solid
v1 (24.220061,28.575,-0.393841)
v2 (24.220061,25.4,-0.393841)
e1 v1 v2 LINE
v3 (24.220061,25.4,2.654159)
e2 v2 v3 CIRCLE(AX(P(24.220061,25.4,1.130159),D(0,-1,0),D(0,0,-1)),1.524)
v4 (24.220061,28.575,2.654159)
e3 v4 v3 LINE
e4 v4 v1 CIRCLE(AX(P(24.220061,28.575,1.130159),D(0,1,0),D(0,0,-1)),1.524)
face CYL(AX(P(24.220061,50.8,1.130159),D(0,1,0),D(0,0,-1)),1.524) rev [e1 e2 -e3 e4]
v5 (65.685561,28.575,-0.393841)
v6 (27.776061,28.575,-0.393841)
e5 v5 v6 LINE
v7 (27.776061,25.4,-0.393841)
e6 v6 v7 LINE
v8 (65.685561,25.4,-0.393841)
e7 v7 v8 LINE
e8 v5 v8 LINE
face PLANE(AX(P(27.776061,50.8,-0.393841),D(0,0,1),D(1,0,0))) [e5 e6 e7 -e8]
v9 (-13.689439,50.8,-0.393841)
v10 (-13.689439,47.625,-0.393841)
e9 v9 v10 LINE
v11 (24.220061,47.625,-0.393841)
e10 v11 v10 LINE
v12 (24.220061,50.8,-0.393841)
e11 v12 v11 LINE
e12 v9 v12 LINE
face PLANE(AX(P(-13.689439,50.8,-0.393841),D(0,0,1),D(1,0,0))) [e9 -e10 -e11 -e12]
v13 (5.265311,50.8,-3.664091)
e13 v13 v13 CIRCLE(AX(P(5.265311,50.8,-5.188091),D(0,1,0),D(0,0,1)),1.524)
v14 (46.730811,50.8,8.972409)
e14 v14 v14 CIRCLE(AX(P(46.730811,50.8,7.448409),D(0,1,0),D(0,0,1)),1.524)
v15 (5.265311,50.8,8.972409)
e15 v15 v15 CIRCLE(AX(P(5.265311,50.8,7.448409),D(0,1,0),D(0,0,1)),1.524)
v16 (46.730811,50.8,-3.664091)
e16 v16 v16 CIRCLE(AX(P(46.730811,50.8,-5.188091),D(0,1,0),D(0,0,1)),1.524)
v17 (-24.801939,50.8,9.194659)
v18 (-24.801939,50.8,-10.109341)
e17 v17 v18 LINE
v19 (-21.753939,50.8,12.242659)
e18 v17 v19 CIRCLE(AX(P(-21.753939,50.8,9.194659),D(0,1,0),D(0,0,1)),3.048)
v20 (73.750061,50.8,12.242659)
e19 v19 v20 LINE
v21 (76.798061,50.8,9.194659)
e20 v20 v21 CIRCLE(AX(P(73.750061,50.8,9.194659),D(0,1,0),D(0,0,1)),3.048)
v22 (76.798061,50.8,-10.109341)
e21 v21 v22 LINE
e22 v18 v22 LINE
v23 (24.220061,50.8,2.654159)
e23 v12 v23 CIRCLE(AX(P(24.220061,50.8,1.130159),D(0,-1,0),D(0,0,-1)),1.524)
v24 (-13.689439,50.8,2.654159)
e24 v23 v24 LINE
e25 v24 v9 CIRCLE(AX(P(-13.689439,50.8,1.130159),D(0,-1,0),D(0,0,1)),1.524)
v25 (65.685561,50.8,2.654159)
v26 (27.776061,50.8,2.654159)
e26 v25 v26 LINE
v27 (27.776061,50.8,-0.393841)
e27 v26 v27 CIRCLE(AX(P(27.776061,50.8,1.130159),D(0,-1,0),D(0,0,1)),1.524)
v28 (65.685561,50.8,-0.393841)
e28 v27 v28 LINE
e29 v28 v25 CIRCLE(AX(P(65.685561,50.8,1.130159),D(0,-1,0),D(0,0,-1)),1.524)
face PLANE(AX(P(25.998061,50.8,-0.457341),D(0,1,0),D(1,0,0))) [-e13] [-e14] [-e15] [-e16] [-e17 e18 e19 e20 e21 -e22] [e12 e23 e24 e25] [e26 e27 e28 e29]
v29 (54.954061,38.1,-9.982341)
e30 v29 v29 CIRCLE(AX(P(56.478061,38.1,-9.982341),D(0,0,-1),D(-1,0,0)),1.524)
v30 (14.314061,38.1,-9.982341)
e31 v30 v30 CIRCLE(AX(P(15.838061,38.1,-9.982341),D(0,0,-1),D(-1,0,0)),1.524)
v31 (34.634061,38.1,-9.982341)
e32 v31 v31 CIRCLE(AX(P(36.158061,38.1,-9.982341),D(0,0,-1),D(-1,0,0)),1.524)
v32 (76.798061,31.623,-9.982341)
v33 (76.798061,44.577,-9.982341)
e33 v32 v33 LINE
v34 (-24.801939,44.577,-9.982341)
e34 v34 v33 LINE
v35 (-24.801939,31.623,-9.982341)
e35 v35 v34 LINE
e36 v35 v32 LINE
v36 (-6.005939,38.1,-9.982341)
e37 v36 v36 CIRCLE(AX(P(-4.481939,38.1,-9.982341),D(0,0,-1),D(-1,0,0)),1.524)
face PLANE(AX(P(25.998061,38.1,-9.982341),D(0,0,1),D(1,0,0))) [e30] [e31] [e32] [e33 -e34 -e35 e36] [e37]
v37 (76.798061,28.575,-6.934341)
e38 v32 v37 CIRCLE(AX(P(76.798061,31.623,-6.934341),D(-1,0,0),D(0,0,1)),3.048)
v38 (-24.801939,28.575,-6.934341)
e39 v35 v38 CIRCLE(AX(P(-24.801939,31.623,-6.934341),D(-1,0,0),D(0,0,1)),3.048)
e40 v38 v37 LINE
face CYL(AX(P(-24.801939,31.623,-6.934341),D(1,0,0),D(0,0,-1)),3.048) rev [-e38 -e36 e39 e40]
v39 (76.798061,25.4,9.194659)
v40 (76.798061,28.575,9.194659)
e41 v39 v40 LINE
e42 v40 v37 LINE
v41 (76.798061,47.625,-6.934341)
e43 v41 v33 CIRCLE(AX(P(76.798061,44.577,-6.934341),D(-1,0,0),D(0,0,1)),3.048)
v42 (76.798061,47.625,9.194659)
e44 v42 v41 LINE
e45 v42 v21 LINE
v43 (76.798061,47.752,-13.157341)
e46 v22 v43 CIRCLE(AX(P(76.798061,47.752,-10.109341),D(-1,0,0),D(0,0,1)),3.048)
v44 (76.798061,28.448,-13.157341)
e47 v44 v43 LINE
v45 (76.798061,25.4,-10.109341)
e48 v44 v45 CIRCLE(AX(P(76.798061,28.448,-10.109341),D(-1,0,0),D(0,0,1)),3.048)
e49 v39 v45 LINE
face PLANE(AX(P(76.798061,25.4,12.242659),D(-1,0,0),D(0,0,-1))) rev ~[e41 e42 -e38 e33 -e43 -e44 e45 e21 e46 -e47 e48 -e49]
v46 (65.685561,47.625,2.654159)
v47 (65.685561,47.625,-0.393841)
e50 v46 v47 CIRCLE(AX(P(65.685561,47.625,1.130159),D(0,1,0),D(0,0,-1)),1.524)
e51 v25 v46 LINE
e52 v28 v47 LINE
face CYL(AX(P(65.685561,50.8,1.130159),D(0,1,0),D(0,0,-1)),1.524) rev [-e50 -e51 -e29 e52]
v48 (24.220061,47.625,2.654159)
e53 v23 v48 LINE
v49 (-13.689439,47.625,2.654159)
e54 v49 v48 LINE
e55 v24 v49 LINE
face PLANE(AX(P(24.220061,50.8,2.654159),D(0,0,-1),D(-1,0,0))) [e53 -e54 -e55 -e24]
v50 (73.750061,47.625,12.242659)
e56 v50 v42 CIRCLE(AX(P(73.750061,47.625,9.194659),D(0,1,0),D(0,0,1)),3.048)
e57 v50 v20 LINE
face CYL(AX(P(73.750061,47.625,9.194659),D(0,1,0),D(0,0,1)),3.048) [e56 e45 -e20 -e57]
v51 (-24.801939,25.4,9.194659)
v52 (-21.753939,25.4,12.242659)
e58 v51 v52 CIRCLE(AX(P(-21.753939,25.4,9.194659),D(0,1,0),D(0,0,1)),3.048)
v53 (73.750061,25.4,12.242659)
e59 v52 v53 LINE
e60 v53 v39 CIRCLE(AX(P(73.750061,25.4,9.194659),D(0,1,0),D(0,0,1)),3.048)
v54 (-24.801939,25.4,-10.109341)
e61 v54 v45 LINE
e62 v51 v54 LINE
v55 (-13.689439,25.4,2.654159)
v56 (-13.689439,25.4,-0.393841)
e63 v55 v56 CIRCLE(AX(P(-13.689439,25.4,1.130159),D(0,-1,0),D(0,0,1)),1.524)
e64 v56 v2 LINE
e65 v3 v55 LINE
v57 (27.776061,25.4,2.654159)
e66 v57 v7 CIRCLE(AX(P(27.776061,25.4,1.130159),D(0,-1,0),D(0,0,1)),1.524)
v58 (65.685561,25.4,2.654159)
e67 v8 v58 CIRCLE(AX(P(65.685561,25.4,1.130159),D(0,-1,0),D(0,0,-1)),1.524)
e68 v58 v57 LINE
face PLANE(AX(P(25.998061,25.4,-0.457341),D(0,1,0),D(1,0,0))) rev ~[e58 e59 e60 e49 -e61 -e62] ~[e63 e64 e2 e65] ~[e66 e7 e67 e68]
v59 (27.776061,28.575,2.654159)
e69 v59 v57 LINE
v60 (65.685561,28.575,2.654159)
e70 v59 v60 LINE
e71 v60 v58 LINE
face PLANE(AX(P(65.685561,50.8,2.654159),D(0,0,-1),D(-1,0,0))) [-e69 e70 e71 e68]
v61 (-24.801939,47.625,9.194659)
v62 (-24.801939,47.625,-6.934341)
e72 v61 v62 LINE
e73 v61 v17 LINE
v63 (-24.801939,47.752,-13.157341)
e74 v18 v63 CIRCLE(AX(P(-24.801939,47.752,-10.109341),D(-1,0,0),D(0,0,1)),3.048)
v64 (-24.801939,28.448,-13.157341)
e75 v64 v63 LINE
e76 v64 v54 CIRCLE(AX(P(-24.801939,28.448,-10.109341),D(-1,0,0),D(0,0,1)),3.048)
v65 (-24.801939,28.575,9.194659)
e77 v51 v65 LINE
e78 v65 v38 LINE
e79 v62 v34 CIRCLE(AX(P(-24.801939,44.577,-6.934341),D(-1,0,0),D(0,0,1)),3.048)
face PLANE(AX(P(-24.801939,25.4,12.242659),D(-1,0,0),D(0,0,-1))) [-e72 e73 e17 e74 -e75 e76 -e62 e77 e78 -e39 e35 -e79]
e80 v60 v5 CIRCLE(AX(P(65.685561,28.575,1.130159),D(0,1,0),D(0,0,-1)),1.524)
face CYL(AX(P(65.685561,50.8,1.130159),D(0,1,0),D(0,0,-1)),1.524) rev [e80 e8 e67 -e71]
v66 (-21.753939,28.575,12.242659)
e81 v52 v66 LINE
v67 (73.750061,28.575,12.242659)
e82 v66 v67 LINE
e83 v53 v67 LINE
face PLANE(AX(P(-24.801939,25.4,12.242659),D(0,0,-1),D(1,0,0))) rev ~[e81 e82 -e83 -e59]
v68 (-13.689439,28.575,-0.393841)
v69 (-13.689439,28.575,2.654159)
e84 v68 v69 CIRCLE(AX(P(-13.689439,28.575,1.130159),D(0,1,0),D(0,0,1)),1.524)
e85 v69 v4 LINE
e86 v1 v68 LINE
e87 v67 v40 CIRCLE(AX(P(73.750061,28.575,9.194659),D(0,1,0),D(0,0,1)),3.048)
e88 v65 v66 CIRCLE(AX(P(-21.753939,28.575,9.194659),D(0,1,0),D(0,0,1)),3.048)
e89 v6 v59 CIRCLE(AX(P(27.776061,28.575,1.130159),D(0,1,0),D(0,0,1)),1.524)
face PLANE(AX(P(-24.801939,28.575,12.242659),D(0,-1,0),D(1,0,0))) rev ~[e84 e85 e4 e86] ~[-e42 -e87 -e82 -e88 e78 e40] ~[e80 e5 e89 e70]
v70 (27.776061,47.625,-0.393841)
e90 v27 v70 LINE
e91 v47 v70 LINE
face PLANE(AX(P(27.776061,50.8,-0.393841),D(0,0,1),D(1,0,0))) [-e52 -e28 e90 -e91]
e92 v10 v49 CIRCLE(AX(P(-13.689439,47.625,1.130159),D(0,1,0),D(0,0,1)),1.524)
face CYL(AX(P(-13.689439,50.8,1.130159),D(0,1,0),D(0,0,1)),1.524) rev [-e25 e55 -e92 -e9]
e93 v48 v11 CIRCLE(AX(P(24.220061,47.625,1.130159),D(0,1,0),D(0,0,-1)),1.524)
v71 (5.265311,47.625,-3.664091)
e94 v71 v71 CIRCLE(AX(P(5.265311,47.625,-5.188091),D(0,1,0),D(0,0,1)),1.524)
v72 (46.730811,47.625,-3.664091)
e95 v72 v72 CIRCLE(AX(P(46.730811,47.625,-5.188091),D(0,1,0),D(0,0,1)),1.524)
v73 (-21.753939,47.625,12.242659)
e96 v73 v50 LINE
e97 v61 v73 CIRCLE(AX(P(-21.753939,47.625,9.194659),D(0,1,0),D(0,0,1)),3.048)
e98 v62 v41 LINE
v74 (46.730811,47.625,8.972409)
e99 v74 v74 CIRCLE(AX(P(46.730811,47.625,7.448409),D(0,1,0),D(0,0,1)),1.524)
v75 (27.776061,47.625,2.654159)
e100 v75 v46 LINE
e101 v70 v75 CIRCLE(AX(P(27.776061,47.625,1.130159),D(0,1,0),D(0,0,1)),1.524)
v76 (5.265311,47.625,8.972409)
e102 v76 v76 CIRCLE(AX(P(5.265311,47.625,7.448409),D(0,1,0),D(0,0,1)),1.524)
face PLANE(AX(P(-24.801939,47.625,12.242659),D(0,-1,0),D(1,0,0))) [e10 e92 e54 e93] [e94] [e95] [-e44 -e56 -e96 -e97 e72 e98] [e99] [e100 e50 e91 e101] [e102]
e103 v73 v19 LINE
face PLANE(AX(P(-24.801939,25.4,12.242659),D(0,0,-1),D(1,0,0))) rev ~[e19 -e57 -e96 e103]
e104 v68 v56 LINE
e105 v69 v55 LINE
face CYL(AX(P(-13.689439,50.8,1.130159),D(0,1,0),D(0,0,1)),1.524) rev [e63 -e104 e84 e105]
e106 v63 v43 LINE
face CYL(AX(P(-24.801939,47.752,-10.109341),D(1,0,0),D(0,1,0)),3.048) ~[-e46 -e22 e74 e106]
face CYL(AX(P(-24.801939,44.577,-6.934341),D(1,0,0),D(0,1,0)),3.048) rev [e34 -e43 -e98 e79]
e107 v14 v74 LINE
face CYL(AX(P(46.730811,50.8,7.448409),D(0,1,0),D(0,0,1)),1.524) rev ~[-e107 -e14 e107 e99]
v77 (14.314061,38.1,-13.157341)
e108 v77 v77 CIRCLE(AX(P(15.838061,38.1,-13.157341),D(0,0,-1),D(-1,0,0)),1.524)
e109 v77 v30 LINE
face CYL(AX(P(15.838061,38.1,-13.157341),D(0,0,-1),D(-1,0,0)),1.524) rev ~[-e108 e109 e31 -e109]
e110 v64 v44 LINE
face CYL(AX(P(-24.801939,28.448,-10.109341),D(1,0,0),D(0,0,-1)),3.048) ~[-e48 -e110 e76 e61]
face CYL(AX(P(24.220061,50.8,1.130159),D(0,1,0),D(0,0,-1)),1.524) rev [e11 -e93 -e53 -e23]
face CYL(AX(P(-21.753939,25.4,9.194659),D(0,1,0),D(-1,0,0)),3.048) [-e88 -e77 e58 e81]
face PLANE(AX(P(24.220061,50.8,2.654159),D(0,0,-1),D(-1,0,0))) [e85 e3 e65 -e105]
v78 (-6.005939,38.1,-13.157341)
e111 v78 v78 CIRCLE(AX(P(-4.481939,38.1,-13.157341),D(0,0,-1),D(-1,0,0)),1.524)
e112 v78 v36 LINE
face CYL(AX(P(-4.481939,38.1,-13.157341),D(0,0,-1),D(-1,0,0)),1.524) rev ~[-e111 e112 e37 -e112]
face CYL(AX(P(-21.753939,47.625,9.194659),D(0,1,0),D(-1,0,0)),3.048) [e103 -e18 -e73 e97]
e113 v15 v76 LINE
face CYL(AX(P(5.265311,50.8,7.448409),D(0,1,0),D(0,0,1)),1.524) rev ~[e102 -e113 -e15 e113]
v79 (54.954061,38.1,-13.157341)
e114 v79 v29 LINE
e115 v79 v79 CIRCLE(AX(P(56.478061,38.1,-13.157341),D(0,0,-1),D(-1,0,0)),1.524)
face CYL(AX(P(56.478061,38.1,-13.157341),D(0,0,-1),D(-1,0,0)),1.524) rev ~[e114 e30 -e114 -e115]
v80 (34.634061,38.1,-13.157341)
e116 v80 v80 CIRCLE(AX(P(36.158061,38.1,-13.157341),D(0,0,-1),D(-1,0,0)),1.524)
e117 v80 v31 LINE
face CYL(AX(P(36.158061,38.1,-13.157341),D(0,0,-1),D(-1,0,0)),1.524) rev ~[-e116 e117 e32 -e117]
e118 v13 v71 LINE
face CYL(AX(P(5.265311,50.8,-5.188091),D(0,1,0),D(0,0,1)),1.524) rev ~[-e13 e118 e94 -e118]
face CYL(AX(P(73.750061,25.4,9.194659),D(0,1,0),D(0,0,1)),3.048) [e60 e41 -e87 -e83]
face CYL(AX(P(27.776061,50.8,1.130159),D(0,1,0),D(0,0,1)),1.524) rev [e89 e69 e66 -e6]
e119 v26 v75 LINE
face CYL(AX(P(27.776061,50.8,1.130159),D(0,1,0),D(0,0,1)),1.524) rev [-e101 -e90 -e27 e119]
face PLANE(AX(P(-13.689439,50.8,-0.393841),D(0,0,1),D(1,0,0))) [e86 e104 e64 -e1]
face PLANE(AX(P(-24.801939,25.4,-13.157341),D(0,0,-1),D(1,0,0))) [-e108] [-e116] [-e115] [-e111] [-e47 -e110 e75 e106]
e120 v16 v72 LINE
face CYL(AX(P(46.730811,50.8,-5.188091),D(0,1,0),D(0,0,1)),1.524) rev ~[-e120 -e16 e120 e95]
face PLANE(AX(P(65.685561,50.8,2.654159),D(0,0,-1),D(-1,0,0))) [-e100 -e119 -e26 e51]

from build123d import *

# Parameters (mm, degrees)
SKETCH2_W           = 101.6
SKETCH2_H           = 25.4
BOSS_EXTRUDE1_DEPTH = 25.4
SKETCH3_W           = 101.6
SKETCH3_H           = 19.05
CUT_EXTRUDE1_DEPTH  = 22.225
CUT_EXTRUDE2_DEPTH  = 25.4
CUT_EXTRUDE3_DEPTH  = 25.4
SKETCH6_R           = 1.524
CUT_EXTRUDE4_DEPTH  = 3.175
SKETCH7_R           = 1.524
CUT_EXTRUDE5_DEPTH  = 3.175
FILLET1_R           = 3.048
FILLET2_R           = 3.048
FILLET3_R           = 3.048


with BuildPart() as part:
    # Sketch2 → Boss-Extrude1 (new body)
    with BuildSketch(Plane(origin=(0, 25.4, 0), x_dir=(1, 0, 0), z_dir=(0, 1, 0))):
        with Locations((25.998060942, 0.45734072)):
            Rectangle(SKETCH2_W, SKETCH2_H)
    extrude(amount=BOSS_EXTRUDE1_DEPTH)

    # Sketch3 → Cut-Extrude1 (cut)
    with BuildSketch(Plane.XY.offset(12.24265928)):
        with Locations((25.998060942, 38.1)):
            Rectangle(SKETCH3_W, SKETCH3_H)
    extrude(amount=-CUT_EXTRUDE1_DEPTH, mode=Mode.SUBTRACT)

    # Sketch4 → Cut-Extrude2 (cut)
    with BuildSketch(Plane(origin=(0, 50.8, 0), x_dir=(1, 0, 0), z_dir=(0, 1, 0))):
        with BuildLine():
            Line((-13.689439058, 0.39384072), (24.220060942, 0.39384072))
            ThreePointArc((24.220060942, 0.39384072), (25.744060942, -1.13015928), (24.220060942, -2.65415928))
            Line((24.220060942, -2.65415928), (-13.689439058, -2.65415928))
            ThreePointArc((-13.689439058, -2.65415928), (-15.213439058, -1.13015928), (-13.689439058, 0.39384072))
        make_face()
    extrude(amount=-CUT_EXTRUDE2_DEPTH, mode=Mode.SUBTRACT)

    # Sketch5 → Cut-Extrude3 (cut)
    with BuildSketch(Plane(origin=(0, 50.8, 0), x_dir=(1, 0, 0), z_dir=(0, 1, 0))):
        with BuildLine():
            Line((27.776060942, 0.39384072), (65.685560942, 0.39384072))
            ThreePointArc((65.685560942, 0.39384072), (67.209560942, -1.13015928), (65.685560942, -2.65415928))
            Line((65.685560942, -2.65415928), (27.776060942, -2.65415928))
            ThreePointArc((27.776060942, -2.65415928), (26.252060942, -1.13015928), (27.776060942, 0.39384072))
        make_face()
    extrude(amount=-CUT_EXTRUDE3_DEPTH, mode=Mode.SUBTRACT)

    # Sketch6 → Cut-Extrude4 (cut)
    with BuildSketch(Plane(origin=(0, 50.8, 0), x_dir=(1, 0, 0), z_dir=(0, 1, 0))):
        with Locations(Location((5.265310942, -7.44840928, 0), (0, 0, 270))):
            Circle(SKETCH6_R)
        with Locations(Location((5.265310942, 5.18809072, 0), (0, 0, 270))):
            Circle(SKETCH6_R)
        with Locations(Location((46.730810942, 5.18809072, 0), (0, 0, 270))):
            Circle(SKETCH6_R)
        with Locations(Location((46.730810942, -7.44840928, 0), (0, 0, 270))):
            Circle(SKETCH6_R)
    extrude(amount=-CUT_EXTRUDE4_DEPTH, mode=Mode.SUBTRACT)

    # Sketch7 → Cut-Extrude5 (cut)
    with BuildSketch(Plane(origin=(0, 0, -13.15734072), x_dir=(-1, 0, 0), z_dir=(0, 0, -1))):
        with Locations((-56.478060942, 38.1)):
            Circle(SKETCH7_R)
        with Locations((-36.158060942, 38.1)):
            Circle(SKETCH7_R)
        with Locations((-15.838060942, 38.1)):
            Circle(SKETCH7_R)
        with Locations((4.481939058, 38.1)):
            Circle(SKETCH7_R)
    extrude(amount=-CUT_EXTRUDE5_DEPTH, mode=Mode.SUBTRACT)

    # Fillet1
    fillet1_edges = [part.edges().sort_by_distance(p)[0] for p in [
        (25.998060942, 47.625, -9.98234072),
        (25.998060942, 28.575, -9.98234072),
    ]]
    fillet(fillet1_edges, radius=FILLET1_R)

    # Fillet2
    fillet2_edges = [part.edges().sort_by_distance(p)[0] for p in [
        (25.998060942, 50.8, -13.15734072),
        (25.998060942, 25.4, -13.15734072),
    ]]
    fillet(fillet2_edges, radius=FILLET2_R)

    # Fillet3
    fillet3_edges = [part.edges().sort_by_distance(p)[0] for p in [
        (76.798060942, 26.9875, 12.24265928),
        (-24.801939058, 26.9875, 12.24265928),
        (76.798060942, 49.2125, 12.24265928),
        (-24.801939058, 49.2125, 12.24265928),
    ]]
    fillet(fillet3_edges, radius=FILLET3_R)


solid = part.part
